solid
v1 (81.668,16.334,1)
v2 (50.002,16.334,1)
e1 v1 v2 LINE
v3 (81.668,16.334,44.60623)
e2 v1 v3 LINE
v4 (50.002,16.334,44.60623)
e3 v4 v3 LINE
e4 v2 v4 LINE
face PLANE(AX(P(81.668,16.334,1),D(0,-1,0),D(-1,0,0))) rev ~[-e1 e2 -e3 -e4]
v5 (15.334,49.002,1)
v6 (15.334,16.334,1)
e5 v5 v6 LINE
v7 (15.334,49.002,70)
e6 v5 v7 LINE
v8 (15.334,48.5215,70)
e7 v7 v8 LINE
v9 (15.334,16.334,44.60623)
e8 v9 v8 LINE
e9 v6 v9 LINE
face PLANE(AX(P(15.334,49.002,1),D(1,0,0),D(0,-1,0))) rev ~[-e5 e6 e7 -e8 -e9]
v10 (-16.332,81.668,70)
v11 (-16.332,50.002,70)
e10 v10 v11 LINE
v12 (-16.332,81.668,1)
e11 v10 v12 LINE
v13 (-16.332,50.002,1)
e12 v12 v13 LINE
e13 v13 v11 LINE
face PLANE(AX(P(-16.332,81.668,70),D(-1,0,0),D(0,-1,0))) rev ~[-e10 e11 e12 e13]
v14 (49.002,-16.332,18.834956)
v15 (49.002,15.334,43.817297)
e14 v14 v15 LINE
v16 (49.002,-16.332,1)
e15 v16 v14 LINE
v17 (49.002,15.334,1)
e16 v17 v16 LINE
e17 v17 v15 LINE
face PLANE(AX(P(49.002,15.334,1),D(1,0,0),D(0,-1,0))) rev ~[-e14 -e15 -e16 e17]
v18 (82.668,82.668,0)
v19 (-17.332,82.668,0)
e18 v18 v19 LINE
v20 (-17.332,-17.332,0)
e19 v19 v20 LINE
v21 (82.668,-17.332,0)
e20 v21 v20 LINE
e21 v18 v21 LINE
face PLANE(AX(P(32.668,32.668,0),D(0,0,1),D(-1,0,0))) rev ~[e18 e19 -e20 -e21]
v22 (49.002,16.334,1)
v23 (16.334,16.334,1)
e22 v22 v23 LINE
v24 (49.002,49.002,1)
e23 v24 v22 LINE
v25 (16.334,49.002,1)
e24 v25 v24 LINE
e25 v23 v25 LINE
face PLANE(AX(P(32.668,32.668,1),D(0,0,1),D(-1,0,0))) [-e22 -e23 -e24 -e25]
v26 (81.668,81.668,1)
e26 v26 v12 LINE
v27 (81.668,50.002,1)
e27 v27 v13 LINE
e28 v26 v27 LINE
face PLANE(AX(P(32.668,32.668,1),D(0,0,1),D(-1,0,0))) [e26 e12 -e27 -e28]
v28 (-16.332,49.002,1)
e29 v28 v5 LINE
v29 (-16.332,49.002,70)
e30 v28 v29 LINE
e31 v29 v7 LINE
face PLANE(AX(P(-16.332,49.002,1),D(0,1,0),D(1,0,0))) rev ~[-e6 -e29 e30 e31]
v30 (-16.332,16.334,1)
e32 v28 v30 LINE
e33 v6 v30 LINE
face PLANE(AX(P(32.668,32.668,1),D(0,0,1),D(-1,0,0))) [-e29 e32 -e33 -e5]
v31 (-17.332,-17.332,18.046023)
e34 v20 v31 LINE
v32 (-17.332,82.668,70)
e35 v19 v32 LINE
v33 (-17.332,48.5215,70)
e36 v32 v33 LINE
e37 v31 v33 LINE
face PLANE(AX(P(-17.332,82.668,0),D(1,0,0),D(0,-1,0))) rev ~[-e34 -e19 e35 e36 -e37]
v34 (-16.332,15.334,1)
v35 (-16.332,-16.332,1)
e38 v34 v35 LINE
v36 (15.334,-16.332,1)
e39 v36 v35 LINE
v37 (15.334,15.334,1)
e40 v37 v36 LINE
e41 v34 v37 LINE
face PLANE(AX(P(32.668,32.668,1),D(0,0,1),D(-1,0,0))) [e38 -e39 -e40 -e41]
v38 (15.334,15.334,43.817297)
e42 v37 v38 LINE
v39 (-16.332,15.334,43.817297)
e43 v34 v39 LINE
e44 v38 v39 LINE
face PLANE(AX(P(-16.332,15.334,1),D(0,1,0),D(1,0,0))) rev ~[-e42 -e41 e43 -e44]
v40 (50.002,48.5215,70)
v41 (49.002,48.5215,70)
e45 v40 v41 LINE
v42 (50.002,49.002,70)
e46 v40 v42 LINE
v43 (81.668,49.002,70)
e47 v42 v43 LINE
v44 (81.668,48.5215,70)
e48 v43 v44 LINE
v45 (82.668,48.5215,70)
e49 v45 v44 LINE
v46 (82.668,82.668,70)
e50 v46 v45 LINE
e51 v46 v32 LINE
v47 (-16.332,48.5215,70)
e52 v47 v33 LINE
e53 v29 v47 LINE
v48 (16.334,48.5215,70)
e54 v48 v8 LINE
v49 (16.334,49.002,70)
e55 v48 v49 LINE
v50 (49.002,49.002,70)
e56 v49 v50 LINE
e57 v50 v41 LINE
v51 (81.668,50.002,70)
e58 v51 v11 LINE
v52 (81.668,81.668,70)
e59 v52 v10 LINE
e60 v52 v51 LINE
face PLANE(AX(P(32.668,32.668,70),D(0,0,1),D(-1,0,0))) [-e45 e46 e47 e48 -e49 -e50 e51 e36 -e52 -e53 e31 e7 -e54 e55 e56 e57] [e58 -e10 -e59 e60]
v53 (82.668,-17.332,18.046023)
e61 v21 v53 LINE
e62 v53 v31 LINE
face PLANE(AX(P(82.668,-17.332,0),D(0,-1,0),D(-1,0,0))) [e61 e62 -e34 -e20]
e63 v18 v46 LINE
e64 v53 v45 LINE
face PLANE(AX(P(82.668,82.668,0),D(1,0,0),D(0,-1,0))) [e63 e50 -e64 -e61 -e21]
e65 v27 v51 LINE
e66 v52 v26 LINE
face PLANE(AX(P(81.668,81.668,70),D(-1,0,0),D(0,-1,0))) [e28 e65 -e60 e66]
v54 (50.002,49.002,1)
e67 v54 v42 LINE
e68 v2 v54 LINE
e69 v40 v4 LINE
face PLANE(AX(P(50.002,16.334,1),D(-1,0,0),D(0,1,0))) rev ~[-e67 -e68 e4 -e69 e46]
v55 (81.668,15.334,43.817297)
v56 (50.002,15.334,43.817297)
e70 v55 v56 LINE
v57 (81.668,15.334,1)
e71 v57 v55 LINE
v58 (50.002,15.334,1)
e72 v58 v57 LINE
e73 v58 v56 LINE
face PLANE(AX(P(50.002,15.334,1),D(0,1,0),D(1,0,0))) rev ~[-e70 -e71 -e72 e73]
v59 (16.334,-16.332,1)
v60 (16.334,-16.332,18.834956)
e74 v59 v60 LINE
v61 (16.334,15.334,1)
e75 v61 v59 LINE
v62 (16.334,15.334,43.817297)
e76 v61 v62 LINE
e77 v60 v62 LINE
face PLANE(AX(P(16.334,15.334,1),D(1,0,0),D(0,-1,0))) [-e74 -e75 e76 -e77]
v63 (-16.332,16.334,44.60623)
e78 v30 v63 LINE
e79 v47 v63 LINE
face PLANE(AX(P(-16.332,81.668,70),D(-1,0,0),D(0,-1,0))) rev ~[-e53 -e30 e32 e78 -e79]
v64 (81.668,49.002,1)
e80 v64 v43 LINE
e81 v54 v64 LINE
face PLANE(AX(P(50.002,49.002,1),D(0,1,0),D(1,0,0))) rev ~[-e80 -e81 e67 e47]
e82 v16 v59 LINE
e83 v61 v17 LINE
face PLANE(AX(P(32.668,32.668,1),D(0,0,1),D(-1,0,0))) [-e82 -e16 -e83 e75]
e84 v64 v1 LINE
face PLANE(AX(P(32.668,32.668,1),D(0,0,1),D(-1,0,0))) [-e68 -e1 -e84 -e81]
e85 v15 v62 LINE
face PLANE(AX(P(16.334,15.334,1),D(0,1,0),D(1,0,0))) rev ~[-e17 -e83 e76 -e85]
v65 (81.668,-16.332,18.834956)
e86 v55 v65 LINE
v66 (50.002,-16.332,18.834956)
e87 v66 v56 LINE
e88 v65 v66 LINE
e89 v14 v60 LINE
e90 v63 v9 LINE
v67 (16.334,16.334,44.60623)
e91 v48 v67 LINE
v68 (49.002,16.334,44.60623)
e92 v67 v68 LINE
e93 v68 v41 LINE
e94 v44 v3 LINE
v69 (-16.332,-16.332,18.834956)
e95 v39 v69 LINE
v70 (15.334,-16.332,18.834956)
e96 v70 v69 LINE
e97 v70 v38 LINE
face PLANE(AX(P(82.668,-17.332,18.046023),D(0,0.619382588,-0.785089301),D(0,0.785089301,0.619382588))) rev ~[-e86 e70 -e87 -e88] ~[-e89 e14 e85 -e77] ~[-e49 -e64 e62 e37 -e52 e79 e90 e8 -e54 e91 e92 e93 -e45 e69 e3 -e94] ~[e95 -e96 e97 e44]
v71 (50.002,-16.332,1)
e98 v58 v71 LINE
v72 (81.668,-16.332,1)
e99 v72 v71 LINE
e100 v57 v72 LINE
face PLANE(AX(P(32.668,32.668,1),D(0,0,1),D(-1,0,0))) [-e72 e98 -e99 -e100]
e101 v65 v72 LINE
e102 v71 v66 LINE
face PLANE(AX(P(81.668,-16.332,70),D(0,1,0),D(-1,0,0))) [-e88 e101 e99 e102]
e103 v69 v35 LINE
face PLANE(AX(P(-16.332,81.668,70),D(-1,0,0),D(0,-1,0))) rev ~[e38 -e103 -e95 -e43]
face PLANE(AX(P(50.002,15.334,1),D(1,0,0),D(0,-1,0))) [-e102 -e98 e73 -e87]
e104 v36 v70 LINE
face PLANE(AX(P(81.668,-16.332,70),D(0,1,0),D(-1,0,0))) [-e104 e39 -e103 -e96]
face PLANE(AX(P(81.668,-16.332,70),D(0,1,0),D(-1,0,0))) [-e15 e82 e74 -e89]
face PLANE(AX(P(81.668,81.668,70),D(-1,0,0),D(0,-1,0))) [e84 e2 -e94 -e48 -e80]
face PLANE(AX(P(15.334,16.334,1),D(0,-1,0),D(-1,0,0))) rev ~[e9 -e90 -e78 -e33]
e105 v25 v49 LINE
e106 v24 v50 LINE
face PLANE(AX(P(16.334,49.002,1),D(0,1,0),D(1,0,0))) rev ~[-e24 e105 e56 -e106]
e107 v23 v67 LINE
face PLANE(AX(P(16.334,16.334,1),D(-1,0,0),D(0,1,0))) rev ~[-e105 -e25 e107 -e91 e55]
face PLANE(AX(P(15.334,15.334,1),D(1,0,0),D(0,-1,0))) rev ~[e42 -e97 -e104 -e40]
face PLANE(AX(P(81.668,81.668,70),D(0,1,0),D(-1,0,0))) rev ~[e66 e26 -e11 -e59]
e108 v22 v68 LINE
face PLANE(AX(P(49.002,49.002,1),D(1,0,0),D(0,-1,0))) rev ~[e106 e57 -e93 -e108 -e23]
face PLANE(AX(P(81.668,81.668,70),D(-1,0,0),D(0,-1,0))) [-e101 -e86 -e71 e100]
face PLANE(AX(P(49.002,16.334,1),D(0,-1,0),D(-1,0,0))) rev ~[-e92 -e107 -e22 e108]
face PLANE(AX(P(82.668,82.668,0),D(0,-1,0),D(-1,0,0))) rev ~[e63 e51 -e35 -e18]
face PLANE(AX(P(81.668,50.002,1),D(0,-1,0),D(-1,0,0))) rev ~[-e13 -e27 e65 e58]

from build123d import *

# Parameters (mm, degrees)
F0_W     = 100
F0_H     = 100
F1_DEPTH = 70
F2_W     = 98
F2_H     = 98
F3_DEPTH = 69
F4_W     = 31.666
F4_H     = 1
F4_W_2   = 1
F4_W_3   = 32.668
F4_H_2   = 32.668
F4_H_3   = 31.666
F5_DEPTH = 69
F7_DEPTH = 100.001
F8_ANGLE = 180


with BuildPart() as f1:
    # F0 (on Top) → F1 (new body)
    with BuildSketch(Plane.XY):
        Rectangle(F0_W, F0_H)
    extrude(amount=F1_DEPTH)

    # F2 (on face) → F3 (cut)
    with BuildSketch(Plane.XY.offset(70)):
        Rectangle(F2_W, F2_H)
    extrude(amount=-F3_DEPTH, mode=Mode.SUBTRACT)

    # F4 (on face) → F5 (join)
    with BuildSketch(Plane.XY.offset(1)):
        with Locations((33.167, -16.834)):
            Rectangle(F4_W, F4_H)
        with Locations((16.834, -16.834)):
            Rectangle(F4_W_2, F4_H)
        with Locations((0, -16.834)):
            Rectangle(F4_W_3, F4_H)
        with Locations((-16.834, -16.834)):
            Rectangle(F4_W_2, F4_H)
        with Locations((-33.167, -16.834)):
            Rectangle(F4_W, F4_H)
        with Locations((-16.834, 0)):
            Rectangle(F4_W_2, F4_H_2)
        with Locations((16.834, 0)):
            Rectangle(F4_W_2, F4_H_2)
        with Locations((33.167, 16.834)):
            Rectangle(F4_W, F4_H)
        with Locations((16.834, 16.834)):
            Rectangle(F4_W_2, F4_H)
        with Locations((0, 16.834)):
            Rectangle(F4_W_3, F4_H)
        with Locations((-16.834, 16.834)):
            Rectangle(F4_W_2, F4_H)
        with Locations((-33.167, 16.834)):
            Rectangle(F4_W, F4_H)
        with Locations((-16.834, 33.167)):
            Rectangle(F4_W_2, F4_H_3)
        with Locations((16.834, 33.167)):
            Rectangle(F4_W_2, F4_H_3)
    extrude(amount=F5_DEPTH)

    # F6 (on face) → F7 (cut, through all)
    with BuildSketch(Plane(origin=(-50, 0, 0), x_dir=(0, -1, 0), z_dir=(-1, 0, 0))):
        Polygon((-50, 18.0460233241), (15.8534999937, 70), (-50, 70), align=None)
    extrude(amount=-F7_DEPTH, mode=Mode.SUBTRACT)


with BuildPart() as f1_1:
    # F8: moved
    add(f1.part.rotate(Axis((16.334, 16.334, 35.5), (0, 0, -1)), F8_ANGLE))


solid = f1_1.part
